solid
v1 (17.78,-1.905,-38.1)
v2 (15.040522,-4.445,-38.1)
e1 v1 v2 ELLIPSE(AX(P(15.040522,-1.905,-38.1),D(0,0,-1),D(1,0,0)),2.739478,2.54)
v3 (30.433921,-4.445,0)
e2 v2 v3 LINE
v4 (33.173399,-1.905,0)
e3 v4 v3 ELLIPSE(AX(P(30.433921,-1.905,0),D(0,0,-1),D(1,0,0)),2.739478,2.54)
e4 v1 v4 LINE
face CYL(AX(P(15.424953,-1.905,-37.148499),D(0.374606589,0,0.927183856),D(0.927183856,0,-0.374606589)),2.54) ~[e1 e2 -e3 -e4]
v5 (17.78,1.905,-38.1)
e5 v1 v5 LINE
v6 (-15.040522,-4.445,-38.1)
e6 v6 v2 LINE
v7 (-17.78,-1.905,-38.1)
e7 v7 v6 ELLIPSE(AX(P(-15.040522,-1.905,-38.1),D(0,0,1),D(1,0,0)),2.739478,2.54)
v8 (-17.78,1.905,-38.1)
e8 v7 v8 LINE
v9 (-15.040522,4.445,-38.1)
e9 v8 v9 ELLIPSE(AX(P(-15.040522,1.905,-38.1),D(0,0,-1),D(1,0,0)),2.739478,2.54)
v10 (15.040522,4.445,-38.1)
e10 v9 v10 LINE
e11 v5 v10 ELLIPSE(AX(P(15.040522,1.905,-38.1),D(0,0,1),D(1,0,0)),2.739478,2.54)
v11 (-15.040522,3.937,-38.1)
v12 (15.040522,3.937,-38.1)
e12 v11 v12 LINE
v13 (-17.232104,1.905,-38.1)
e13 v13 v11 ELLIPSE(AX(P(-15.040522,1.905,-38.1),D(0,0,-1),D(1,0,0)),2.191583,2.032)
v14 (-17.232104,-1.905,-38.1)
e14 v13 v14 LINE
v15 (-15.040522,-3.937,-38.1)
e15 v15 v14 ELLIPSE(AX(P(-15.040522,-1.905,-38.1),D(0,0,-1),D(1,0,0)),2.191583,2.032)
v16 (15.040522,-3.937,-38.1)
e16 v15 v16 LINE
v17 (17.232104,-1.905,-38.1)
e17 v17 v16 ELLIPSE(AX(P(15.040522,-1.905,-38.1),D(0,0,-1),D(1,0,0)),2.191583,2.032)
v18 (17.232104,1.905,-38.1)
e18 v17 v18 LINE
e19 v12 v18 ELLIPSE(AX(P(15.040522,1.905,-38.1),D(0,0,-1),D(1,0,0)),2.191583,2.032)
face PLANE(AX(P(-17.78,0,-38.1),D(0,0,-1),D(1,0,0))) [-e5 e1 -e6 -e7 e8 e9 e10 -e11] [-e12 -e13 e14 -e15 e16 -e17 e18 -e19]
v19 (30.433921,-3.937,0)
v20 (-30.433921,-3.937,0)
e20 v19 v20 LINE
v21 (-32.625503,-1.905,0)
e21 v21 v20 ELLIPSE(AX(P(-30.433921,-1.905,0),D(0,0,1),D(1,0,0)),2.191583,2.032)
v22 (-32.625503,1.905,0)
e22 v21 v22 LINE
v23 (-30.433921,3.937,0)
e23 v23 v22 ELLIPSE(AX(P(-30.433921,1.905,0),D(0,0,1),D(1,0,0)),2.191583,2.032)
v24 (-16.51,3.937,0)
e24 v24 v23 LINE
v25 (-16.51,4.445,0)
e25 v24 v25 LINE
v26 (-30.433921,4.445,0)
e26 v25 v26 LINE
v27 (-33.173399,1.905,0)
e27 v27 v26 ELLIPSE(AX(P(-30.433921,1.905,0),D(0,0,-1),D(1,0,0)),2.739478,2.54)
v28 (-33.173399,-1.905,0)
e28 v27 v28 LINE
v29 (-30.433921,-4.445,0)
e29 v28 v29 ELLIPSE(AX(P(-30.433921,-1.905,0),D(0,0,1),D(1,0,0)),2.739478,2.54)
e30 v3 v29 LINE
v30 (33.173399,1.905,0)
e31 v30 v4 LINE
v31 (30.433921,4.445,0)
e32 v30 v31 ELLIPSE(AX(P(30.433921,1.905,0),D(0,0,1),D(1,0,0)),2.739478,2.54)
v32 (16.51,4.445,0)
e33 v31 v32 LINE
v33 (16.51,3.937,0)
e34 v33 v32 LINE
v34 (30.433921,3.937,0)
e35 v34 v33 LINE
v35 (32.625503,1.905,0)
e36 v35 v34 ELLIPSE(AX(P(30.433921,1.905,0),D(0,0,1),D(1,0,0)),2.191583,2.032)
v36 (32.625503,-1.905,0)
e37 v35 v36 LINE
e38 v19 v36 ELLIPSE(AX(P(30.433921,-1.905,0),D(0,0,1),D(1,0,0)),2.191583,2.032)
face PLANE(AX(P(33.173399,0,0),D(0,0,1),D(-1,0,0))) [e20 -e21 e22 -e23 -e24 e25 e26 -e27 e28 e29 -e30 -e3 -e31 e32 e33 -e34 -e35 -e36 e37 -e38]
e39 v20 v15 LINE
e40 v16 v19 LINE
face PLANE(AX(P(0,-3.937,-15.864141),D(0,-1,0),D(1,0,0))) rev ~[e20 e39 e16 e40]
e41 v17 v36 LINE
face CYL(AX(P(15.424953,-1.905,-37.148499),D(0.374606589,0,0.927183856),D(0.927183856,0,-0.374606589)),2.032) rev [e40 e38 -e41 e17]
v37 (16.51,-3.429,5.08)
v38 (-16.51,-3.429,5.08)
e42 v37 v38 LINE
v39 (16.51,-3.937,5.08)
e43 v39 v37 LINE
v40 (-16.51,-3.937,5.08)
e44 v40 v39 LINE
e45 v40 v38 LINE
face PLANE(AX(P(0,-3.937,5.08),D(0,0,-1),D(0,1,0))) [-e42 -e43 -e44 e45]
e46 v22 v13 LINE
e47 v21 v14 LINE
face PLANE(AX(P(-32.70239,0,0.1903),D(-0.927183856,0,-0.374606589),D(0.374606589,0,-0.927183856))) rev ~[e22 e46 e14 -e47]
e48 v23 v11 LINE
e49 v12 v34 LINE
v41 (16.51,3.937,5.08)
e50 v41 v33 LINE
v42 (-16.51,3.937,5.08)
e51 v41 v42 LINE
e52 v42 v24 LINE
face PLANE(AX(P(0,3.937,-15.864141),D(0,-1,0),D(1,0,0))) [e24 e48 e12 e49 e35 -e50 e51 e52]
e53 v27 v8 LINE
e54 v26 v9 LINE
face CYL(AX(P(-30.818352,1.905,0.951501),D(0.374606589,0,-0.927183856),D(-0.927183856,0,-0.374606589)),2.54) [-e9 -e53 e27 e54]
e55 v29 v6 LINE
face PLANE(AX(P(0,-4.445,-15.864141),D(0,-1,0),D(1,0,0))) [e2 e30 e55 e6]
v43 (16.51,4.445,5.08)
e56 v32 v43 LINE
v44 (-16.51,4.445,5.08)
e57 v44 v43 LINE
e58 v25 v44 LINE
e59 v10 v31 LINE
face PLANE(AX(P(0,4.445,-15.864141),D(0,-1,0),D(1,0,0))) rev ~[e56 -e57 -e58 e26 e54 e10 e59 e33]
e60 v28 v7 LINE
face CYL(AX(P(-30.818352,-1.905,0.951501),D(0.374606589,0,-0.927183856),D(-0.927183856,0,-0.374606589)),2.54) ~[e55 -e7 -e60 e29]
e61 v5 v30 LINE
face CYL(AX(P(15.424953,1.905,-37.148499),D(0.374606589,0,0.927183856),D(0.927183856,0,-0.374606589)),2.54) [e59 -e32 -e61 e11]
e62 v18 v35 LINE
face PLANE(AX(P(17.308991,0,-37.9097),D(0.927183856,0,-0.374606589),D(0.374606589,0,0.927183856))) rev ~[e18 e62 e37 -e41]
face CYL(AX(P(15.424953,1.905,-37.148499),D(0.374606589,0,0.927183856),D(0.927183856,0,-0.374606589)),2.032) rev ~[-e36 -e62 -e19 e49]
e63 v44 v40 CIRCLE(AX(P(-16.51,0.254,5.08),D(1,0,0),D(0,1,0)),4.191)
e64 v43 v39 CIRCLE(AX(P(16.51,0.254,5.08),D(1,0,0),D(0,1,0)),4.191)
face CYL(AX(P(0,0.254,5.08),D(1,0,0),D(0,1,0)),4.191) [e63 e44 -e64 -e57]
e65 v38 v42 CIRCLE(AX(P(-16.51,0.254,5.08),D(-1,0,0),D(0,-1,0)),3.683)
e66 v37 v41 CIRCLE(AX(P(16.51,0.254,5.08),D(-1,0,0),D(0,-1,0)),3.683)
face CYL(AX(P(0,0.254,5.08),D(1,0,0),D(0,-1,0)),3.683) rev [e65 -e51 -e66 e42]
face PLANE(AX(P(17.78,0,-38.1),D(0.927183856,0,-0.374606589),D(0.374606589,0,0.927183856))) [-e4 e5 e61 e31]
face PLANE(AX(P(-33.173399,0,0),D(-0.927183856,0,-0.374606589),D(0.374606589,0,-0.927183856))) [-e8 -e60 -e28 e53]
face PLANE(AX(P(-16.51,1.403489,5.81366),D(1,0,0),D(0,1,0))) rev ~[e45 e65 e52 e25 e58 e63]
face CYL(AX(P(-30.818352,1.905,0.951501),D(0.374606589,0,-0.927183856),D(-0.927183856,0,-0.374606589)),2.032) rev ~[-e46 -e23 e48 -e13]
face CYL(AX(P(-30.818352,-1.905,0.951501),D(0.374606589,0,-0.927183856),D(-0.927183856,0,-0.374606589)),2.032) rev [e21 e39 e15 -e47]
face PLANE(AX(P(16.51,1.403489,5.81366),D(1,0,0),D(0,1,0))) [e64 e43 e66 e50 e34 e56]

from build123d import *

# Parameters (mm, degrees)
F1_DEPTH = 4.445
F2_R     = 2.54
F3_T     = -0.508
F6_DEPTH = 16.51


with BuildPart() as f1:
    # F0 (on Front) → F1 (new body, symmetric)
    with BuildSketch(Plane.XZ):
        Polygon((17.78, -38.1), (33.173399, 0), (-33.173399, 0), (-17.78, -38.1), align=None)
    extrude(amount=F1_DEPTH, both=True)

    # F2
    f2_edges = [f1.edges().sort_by_distance(p)[0] for p in [
        (25.4767, 4.445, -19.05),
        (25.4767, -4.445, -19.05),
        (-25.4767, 4.445, -19.05),
        (-25.4767, -4.445, -19.05),
    ]]
    fillet(f2_edges, radius=F2_R)

    # F3
    f3_openings = [f1.faces().sort_by_distance(p)[0] for p in [
        (0, 0, 0),
        (0, 0, -38.1),
    ]]
    offset(amount=F3_T, openings=f3_openings)

    # F5 (on Right) → F6 (join, symmetric)
    with BuildSketch(Plane.YZ):
        with BuildLine():
            Line((3.937, 0), (4.445, 0))
            Line((4.445, 0), (4.445, 5.08))
            ThreePointArc((4.445, 5.08), (0.254, 9.271), (-3.937, 5.08))
            Line((-3.937, 5.08), (-3.429, 5.08))
            ThreePointArc((-3.429, 5.08), (0.254, 8.763), (3.937, 5.08))
            Line((3.937, 5.08), (3.937, 0))
        make_face()
    extrude(amount=F6_DEPTH, both=True)


solid = f1.part
